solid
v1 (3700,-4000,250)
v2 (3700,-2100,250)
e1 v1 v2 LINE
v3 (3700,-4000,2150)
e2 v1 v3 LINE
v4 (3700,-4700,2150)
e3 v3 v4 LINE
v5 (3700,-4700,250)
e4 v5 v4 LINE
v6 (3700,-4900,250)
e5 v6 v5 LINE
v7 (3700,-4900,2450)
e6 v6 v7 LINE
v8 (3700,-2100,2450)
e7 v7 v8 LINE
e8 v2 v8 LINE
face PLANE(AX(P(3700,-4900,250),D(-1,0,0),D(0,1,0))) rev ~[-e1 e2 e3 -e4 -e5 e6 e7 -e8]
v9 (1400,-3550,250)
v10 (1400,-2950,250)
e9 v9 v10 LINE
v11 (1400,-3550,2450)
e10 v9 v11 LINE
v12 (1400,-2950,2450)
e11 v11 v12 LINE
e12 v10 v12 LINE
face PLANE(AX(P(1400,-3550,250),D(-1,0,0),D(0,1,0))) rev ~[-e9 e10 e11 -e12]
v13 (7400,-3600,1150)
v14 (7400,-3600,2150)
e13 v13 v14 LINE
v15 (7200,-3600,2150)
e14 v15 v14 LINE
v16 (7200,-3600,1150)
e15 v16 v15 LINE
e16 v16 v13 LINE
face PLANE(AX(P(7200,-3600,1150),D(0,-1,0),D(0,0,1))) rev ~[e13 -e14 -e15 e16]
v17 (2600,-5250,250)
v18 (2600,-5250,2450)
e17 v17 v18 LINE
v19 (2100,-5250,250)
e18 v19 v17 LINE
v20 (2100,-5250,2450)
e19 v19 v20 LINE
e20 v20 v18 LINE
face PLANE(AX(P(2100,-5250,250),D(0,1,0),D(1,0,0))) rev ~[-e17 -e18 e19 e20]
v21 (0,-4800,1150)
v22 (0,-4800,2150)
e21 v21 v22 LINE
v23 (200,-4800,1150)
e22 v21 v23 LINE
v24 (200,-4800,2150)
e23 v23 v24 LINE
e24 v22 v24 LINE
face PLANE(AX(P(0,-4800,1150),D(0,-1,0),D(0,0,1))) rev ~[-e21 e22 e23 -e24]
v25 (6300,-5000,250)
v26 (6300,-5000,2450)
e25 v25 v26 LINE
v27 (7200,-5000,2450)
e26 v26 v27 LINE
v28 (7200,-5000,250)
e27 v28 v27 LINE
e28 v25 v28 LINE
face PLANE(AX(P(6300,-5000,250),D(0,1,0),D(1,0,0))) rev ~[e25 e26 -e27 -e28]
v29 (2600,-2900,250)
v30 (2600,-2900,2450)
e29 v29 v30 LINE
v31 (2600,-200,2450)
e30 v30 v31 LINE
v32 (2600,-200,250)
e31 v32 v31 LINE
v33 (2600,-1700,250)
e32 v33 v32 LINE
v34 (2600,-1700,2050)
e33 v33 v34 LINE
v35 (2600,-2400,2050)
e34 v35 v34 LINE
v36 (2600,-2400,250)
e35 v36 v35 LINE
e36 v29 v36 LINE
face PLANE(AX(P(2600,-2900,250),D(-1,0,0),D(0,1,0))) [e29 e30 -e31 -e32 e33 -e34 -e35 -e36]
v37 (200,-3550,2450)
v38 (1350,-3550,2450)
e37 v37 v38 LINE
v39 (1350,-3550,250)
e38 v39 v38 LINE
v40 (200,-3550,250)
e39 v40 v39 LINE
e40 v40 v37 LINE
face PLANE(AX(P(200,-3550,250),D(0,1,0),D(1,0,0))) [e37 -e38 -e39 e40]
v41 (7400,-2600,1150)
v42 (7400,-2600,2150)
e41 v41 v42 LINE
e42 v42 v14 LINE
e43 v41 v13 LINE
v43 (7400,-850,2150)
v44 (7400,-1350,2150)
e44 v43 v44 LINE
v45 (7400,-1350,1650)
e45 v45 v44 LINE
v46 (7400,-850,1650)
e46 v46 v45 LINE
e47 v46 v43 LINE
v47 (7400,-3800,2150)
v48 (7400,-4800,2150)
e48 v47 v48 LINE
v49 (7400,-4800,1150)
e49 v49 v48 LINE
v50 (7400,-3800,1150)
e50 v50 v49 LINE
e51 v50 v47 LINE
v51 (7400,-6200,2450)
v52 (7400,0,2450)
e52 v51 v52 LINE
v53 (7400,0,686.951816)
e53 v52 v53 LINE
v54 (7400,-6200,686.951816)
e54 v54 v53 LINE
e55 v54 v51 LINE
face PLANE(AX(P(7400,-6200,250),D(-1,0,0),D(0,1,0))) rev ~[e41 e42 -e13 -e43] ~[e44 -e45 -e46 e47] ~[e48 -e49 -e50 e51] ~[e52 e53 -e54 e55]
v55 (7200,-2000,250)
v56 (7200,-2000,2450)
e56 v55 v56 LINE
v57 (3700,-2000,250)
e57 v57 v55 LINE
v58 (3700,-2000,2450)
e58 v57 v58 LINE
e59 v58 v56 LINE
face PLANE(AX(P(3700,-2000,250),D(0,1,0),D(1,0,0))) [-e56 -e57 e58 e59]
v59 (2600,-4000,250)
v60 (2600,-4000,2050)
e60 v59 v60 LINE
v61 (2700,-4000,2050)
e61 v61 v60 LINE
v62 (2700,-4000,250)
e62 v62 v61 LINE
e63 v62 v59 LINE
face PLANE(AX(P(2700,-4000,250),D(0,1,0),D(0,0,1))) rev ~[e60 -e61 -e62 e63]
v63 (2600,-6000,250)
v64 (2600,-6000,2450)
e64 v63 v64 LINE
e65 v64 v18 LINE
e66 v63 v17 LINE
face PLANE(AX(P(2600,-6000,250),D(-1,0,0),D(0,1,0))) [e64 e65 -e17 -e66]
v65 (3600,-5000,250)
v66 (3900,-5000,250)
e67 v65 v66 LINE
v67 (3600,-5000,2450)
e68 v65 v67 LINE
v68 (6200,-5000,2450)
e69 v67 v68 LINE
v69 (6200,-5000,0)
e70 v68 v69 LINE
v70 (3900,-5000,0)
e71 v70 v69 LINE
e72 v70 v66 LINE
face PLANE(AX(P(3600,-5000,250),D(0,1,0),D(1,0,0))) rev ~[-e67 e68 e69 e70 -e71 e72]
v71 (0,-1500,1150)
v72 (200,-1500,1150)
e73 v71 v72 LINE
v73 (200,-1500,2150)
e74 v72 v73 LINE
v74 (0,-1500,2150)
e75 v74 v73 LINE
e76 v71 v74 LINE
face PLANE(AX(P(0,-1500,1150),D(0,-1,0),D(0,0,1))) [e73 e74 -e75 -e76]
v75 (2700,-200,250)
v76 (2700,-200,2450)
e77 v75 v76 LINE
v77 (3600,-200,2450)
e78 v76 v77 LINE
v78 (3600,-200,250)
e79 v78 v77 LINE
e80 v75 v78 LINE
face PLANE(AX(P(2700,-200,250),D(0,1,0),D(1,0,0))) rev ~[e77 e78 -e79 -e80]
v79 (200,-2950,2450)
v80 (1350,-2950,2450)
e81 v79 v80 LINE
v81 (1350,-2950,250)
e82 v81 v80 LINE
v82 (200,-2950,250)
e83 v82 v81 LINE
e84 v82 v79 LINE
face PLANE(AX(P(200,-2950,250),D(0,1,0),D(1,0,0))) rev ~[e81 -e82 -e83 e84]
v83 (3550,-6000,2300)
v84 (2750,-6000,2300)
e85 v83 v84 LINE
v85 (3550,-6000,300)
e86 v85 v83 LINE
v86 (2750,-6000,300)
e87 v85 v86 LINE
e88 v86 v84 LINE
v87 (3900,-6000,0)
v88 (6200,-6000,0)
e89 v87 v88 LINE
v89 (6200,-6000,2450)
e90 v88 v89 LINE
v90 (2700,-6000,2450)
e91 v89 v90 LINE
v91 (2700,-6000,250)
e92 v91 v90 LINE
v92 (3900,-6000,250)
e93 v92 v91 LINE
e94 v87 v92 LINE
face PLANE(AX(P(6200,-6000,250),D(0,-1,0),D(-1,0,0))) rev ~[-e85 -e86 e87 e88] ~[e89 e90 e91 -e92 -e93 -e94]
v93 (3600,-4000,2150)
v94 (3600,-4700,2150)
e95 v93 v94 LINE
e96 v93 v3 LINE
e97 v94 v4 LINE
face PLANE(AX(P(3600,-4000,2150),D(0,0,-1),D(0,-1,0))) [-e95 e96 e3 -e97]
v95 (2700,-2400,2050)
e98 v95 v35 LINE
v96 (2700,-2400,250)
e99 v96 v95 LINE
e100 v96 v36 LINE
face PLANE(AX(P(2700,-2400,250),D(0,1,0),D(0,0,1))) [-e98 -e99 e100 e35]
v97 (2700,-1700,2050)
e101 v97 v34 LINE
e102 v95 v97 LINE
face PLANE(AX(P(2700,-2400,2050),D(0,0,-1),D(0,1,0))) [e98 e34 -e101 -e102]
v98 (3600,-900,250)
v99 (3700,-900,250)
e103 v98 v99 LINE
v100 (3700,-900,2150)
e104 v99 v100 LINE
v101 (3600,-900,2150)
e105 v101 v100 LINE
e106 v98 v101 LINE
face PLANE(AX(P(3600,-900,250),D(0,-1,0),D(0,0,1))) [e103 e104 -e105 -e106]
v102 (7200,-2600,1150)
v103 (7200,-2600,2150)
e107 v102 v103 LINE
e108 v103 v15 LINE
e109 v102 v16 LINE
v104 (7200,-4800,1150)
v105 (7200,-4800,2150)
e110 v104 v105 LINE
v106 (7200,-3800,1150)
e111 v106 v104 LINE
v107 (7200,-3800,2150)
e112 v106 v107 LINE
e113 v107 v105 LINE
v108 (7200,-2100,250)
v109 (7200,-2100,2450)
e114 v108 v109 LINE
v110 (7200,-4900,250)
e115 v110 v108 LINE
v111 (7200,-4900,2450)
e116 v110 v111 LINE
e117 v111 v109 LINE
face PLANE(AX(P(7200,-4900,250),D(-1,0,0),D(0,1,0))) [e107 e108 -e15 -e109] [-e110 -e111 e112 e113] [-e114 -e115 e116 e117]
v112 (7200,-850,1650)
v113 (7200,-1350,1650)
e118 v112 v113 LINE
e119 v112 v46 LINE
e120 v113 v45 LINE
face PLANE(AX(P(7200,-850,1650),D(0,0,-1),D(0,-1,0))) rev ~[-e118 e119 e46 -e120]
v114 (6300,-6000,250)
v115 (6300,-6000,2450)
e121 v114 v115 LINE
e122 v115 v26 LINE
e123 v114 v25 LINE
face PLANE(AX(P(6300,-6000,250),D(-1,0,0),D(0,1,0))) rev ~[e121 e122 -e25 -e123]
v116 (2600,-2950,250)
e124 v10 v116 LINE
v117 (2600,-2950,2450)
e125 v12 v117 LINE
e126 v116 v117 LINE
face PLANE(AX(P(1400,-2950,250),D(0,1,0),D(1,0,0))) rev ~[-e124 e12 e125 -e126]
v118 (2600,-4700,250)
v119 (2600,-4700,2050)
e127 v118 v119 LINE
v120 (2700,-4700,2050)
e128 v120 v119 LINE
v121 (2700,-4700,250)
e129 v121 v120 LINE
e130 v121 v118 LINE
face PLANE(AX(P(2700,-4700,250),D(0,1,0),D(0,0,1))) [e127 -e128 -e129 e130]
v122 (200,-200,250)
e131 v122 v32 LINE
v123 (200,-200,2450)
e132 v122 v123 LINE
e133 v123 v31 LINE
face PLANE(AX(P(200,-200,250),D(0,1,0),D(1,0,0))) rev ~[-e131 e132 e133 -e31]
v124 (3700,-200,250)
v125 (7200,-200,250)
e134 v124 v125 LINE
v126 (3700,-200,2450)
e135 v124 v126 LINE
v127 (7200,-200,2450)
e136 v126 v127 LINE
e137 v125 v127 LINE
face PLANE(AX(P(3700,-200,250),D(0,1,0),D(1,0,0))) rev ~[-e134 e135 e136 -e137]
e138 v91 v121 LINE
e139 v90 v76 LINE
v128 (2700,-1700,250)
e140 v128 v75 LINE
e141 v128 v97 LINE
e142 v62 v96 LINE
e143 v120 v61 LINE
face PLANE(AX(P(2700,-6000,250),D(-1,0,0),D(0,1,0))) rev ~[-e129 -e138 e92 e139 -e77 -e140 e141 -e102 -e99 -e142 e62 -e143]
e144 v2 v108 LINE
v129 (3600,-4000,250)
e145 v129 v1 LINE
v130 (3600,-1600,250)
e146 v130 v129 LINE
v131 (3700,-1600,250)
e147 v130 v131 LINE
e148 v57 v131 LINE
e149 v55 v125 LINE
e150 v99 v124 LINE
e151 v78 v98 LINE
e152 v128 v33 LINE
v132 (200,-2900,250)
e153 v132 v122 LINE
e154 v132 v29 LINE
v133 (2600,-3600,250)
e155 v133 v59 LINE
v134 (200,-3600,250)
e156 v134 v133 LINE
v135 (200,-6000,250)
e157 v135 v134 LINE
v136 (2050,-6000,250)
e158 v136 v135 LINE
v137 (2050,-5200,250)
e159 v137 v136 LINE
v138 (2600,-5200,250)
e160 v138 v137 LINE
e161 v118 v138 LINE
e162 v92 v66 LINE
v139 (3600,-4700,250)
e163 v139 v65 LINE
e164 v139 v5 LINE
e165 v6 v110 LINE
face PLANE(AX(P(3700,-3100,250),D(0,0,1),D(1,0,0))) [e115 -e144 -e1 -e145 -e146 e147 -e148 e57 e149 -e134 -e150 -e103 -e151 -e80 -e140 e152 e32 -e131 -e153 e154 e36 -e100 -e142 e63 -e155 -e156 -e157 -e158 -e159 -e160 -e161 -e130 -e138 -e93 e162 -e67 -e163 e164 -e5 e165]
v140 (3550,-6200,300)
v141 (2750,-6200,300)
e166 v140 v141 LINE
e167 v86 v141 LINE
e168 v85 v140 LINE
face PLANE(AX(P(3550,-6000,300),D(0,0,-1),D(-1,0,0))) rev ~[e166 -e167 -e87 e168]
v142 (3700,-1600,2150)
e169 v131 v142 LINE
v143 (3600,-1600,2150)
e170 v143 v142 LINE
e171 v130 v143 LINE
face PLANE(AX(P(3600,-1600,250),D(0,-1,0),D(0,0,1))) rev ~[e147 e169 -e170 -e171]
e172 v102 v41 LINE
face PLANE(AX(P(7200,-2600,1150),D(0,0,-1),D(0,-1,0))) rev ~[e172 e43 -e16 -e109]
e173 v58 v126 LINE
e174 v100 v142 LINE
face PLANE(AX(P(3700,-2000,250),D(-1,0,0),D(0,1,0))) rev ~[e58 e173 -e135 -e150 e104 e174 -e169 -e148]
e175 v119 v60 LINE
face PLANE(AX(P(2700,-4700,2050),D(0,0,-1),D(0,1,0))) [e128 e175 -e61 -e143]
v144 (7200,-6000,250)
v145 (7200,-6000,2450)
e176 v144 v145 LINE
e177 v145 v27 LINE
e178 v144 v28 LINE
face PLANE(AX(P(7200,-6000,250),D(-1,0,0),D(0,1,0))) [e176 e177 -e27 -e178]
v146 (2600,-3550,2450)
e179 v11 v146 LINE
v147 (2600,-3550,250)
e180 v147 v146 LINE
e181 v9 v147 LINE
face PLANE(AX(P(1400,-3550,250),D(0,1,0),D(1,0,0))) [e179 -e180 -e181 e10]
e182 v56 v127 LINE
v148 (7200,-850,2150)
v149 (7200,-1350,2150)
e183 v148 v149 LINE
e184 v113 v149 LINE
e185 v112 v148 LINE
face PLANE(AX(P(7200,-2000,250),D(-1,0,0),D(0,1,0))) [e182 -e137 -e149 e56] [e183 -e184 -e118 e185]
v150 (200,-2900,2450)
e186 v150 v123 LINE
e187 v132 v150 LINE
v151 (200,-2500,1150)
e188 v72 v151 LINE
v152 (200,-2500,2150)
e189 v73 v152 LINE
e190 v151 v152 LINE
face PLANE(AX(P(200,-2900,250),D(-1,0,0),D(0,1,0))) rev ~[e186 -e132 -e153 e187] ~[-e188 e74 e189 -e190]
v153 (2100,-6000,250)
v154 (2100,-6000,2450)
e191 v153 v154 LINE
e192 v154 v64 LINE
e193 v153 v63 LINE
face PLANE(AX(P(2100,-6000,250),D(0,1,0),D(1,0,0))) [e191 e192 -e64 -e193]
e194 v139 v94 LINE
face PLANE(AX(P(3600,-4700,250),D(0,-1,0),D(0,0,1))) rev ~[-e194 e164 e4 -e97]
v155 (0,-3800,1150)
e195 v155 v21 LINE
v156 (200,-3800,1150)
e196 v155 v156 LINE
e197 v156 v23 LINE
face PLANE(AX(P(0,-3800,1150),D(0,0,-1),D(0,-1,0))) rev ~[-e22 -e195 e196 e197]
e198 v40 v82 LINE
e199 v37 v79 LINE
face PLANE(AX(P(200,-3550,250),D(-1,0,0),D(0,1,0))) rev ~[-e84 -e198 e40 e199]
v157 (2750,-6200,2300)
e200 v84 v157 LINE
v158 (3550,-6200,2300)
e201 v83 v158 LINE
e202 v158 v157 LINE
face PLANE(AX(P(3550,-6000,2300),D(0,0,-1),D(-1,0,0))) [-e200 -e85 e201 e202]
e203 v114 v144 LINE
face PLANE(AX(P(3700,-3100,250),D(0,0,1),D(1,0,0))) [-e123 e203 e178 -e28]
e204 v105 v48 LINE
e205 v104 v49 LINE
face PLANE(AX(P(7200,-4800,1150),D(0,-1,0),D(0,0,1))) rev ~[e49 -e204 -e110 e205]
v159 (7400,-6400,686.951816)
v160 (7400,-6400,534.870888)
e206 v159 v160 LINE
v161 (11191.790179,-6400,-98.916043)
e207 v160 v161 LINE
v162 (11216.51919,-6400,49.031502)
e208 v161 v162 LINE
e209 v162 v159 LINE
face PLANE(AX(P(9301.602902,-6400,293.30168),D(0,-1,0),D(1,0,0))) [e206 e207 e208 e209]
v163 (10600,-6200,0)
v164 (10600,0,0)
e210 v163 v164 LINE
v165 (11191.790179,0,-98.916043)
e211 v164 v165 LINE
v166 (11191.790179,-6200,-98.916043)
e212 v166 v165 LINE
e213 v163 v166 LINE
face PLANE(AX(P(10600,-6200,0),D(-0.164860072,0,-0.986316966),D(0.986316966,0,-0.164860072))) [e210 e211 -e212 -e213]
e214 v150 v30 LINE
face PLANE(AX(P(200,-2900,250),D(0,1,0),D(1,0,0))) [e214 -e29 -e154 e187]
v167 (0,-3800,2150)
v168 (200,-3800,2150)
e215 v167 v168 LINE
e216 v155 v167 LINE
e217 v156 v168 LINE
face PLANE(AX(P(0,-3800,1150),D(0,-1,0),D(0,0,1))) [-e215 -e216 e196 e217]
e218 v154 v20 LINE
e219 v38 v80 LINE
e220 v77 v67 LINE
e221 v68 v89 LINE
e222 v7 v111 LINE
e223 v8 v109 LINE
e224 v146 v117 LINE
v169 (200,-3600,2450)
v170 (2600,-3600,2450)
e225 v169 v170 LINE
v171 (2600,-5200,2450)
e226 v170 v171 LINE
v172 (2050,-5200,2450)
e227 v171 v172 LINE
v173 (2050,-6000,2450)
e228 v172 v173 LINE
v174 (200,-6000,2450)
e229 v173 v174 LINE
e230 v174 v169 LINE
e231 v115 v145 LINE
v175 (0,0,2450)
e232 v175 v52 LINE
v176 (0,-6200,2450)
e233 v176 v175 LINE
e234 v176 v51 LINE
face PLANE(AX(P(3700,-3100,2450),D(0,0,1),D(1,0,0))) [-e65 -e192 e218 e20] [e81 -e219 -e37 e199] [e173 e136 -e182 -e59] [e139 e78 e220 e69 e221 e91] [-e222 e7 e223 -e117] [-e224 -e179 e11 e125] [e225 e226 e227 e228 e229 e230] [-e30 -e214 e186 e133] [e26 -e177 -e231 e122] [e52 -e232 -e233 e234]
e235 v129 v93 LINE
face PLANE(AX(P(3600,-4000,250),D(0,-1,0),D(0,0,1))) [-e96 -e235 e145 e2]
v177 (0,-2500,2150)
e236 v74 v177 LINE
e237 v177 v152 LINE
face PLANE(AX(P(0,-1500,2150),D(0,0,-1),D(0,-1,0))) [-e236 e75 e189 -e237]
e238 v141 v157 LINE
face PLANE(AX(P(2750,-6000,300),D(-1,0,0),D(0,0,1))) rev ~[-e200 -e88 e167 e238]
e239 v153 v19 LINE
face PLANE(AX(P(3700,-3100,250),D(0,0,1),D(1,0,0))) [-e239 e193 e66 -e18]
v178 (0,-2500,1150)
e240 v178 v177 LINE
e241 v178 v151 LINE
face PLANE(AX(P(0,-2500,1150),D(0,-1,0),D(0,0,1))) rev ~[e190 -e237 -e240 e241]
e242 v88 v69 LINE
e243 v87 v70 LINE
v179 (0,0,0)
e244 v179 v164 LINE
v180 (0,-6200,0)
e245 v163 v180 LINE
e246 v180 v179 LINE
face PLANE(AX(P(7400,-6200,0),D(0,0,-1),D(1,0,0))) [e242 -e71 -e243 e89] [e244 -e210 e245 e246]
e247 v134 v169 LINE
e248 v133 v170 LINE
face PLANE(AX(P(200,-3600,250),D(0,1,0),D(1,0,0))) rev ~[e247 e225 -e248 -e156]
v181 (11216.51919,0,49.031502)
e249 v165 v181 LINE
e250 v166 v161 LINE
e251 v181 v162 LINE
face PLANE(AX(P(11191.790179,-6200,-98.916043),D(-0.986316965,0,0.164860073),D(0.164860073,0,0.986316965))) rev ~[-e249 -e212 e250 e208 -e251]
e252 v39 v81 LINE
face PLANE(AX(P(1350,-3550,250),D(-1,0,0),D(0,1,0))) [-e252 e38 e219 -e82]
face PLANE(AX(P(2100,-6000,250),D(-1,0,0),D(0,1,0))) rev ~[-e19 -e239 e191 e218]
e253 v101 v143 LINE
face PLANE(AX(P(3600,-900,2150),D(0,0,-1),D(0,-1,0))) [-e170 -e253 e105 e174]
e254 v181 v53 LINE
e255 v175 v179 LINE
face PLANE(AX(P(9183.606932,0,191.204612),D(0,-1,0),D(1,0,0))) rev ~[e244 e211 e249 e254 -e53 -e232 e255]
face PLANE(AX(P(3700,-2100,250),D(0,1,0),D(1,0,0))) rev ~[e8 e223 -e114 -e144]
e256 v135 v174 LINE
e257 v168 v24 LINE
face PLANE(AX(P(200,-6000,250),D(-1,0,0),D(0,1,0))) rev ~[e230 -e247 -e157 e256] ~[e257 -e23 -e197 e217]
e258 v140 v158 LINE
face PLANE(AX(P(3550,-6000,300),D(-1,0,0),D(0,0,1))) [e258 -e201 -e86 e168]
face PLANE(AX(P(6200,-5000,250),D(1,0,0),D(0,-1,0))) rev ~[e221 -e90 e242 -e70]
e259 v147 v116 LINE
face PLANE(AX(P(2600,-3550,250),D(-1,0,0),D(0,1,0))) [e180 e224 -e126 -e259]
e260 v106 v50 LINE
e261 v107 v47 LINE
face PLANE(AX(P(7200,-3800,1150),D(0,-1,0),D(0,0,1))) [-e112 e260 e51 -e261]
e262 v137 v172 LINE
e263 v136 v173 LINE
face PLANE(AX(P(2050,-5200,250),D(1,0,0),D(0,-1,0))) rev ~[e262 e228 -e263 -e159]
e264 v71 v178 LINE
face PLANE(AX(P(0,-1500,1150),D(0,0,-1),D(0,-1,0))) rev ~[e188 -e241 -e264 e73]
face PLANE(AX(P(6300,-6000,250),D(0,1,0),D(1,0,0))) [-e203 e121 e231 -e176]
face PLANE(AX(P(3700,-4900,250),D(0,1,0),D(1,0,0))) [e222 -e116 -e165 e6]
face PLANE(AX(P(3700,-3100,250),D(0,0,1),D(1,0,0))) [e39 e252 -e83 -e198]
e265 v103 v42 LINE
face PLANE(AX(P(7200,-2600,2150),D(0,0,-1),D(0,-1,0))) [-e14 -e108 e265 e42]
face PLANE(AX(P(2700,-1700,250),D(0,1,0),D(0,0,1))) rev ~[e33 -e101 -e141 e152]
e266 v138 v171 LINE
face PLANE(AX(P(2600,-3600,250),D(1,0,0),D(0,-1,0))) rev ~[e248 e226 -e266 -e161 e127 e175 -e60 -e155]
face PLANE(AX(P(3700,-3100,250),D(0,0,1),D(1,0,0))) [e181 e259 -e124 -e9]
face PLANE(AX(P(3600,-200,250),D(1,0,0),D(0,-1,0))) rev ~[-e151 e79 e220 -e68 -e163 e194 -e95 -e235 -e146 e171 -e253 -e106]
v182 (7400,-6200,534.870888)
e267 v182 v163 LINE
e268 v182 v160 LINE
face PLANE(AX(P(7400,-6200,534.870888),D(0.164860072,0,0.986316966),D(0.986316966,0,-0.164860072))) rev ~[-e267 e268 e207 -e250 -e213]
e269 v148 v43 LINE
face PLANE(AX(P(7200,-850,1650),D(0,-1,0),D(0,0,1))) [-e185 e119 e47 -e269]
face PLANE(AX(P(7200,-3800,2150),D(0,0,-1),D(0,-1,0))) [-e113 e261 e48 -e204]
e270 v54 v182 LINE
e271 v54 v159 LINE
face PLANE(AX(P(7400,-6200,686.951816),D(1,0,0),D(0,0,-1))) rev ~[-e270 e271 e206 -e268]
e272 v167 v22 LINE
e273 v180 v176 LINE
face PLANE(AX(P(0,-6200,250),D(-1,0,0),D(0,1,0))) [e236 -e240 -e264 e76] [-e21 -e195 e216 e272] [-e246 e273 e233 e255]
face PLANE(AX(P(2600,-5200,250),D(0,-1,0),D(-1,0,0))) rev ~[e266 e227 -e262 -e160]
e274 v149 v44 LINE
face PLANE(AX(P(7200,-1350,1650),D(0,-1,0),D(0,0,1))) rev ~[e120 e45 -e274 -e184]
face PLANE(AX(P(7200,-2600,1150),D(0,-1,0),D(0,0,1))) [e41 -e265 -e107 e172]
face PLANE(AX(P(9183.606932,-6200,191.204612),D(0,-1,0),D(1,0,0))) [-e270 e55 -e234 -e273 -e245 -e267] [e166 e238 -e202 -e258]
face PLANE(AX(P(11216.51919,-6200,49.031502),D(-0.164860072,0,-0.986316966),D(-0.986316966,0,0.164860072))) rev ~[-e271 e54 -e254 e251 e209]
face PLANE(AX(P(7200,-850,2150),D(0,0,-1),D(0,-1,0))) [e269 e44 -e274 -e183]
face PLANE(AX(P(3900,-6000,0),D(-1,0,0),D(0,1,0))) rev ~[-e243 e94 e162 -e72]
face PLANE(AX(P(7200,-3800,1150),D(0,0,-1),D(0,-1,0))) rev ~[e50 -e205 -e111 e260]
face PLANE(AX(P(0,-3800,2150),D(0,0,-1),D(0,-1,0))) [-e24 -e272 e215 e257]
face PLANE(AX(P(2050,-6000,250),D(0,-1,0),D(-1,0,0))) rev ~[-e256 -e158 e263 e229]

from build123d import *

# Parameters (mm, degrees)
F0_W      = 7400
F0_H      = 6200
F0_W_2    = 2300
F0_H_2    = 1000
F1_DEPTH  = 250
F2_W      = 7400
F2_H      = 6200
F2_W_2    = 500
F2_H_2    = 750
F2_W_3    = 1150
F2_H_3    = 600
F2_W_4    = 1200
F2_W_5    = 900
F2_H_4    = 1000
F2_W_6    = 3500
F2_H_5    = 2800
F2_W_7    = 2400
F2_H_6    = 2700
F2_H_7    = 1800
F3_DEPTH  = 2200
F5_DEPTH  = 6200
F6_W      = 700
F6_H      = 1800
F7_DEPTH  = 100
F8_W      = 700
F8_H      = 1900
F9_DEPTH  = 100
F10_W     = 1000
F10_H     = 1000
F10_W_2   = 500
F10_H_2   = 500
F11_DEPTH = 200
F12_W     = 1000
F12_H     = 1000
F13_DEPTH = 200
F14_W     = 800
F14_H     = 2000
F15_DEPTH = 200
F17_DEPTH = 200


with BuildPart() as f1:
    # F0 (on Top) → F1 (new body)
    with BuildSketch(Plane.XY):
        with Locations((3700, -3100)):
            Rectangle(F0_W, F0_H)
        with Locations((5050, -5500)):
            Rectangle(F0_W_2, F0_H_2, mode=Mode.SUBTRACT)
    extrude(amount=F1_DEPTH)

    # F2 (on face) → F3 (join)
    with BuildSketch(Plane.XY.offset(250)):
        with Locations((3700, -3100)):
            Rectangle(F2_W, F2_H)
        Polygon((2050, -6000), (200, -6000), (200, -3600), (2600, -3600), (2600, -5200), (2050, -5200), align=None, mode=Mode.SUBTRACT)
        with Locations((2350, -5625)):
            Rectangle(F2_W_2, F2_H_2, mode=Mode.SUBTRACT)
        with Locations((775, -3250)):
            Rectangle(F2_W_3, F2_H_3, mode=Mode.SUBTRACT)
        with Locations((2000, -3250)):
            Rectangle(F2_W_4, F2_H_3, mode=Mode.SUBTRACT)
        with Locations((6750, -5500)):
            Rectangle(F2_W_5, F2_H_4, mode=Mode.SUBTRACT)
        with Locations((5450, -3500)):
            Rectangle(F2_W_6, F2_H_5, mode=Mode.SUBTRACT)
        with Locations((1400, -1550)):
            Rectangle(F2_W_7, F2_H_6, mode=Mode.SUBTRACT)
        Polygon((6200, -6000), (2700, -6000), (2700, -200), (3600, -200), (3600, -5000), (6200, -5000), align=None, mode=Mode.SUBTRACT)
        with Locations((5450, -1100)):
            Rectangle(F2_W_6, F2_H_7, mode=Mode.SUBTRACT)
    extrude(amount=F3_DEPTH)

    # F4 (on face) → F5 (join, through all)
    with BuildSketch(Plane.XZ.offset(6200)):
        Polygon((7400, 0), (10600, 0), (11191.790179, -98.916043), (11216.51919, 49.031502), (7400, 686.951816), align=None)
    extrude(amount=-F5_DEPTH)

    # F6 (on face) → F7 (cut, through all)
    with BuildSketch(Plane.YZ.offset(2700)):
        with Locations((-4350, 1150)):
            Rectangle(F6_W, F6_H)
        with Locations((-2050, 1150)):
            Rectangle(F6_W, F6_H)
    extrude(amount=-F7_DEPTH, mode=Mode.SUBTRACT)

    # F8 (on face) → F9 (cut, through all)
    with BuildSketch(Plane(origin=(3600, 0, 0), x_dir=(0, -1, 0), z_dir=(-1, 0, 0))):
        with Locations((1250, 1200)):
            Rectangle(F8_W, F8_H)
        with Locations((4350, 1200)):
            Rectangle(F8_W, F8_H)
    extrude(amount=-F9_DEPTH, mode=Mode.SUBTRACT)

    # F10 (on face) → F11 (cut, through all)
    with BuildSketch(Plane(origin=(7200, 0, 0), x_dir=(0, -1, 0), z_dir=(-1, 0, 0))):
        with Locations((3100, 1650)):
            Rectangle(F10_W, F10_H)
        with Locations((4300, 1650)):
            Rectangle(F10_W, F10_H)
        with Locations((1100, 1900)):
            Rectangle(F10_W_2, F10_H_2)
    extrude(amount=-F11_DEPTH, mode=Mode.SUBTRACT)

    # F12 (on face) → F13 (cut, through all)
    with BuildSketch(Plane(origin=(0, 0, 0), x_dir=(0, -1, 0), z_dir=(-1, 0, 0))):
        with Locations((2000, 1650)):
            Rectangle(F12_W, F12_H)
        with Locations((4300, 1650)):
            Rectangle(F12_W, F12_H)
    extrude(amount=-F13_DEPTH, mode=Mode.SUBTRACT)

    # F14 (on face) → F15 (cut, through all)
    with BuildSketch(Plane(origin=(0, -6000, 0), x_dir=(-1, 0, 0), z_dir=(0, 1, 0))):
        with Locations((-3150, 1300)):
            Rectangle(F14_W, F14_H)
    extrude(amount=-F15_DEPTH, mode=Mode.SUBTRACT)

    # F16 (on face) → F17 (join)
    with BuildSketch(Plane.XZ.offset(6200)):
        Polygon((7400, 534.870888), (11191.790179, -98.916043), (11216.51919, 49.031502), (7400, 686.951816), align=None)
    extrude(amount=F17_DEPTH)


solid = f1.part
